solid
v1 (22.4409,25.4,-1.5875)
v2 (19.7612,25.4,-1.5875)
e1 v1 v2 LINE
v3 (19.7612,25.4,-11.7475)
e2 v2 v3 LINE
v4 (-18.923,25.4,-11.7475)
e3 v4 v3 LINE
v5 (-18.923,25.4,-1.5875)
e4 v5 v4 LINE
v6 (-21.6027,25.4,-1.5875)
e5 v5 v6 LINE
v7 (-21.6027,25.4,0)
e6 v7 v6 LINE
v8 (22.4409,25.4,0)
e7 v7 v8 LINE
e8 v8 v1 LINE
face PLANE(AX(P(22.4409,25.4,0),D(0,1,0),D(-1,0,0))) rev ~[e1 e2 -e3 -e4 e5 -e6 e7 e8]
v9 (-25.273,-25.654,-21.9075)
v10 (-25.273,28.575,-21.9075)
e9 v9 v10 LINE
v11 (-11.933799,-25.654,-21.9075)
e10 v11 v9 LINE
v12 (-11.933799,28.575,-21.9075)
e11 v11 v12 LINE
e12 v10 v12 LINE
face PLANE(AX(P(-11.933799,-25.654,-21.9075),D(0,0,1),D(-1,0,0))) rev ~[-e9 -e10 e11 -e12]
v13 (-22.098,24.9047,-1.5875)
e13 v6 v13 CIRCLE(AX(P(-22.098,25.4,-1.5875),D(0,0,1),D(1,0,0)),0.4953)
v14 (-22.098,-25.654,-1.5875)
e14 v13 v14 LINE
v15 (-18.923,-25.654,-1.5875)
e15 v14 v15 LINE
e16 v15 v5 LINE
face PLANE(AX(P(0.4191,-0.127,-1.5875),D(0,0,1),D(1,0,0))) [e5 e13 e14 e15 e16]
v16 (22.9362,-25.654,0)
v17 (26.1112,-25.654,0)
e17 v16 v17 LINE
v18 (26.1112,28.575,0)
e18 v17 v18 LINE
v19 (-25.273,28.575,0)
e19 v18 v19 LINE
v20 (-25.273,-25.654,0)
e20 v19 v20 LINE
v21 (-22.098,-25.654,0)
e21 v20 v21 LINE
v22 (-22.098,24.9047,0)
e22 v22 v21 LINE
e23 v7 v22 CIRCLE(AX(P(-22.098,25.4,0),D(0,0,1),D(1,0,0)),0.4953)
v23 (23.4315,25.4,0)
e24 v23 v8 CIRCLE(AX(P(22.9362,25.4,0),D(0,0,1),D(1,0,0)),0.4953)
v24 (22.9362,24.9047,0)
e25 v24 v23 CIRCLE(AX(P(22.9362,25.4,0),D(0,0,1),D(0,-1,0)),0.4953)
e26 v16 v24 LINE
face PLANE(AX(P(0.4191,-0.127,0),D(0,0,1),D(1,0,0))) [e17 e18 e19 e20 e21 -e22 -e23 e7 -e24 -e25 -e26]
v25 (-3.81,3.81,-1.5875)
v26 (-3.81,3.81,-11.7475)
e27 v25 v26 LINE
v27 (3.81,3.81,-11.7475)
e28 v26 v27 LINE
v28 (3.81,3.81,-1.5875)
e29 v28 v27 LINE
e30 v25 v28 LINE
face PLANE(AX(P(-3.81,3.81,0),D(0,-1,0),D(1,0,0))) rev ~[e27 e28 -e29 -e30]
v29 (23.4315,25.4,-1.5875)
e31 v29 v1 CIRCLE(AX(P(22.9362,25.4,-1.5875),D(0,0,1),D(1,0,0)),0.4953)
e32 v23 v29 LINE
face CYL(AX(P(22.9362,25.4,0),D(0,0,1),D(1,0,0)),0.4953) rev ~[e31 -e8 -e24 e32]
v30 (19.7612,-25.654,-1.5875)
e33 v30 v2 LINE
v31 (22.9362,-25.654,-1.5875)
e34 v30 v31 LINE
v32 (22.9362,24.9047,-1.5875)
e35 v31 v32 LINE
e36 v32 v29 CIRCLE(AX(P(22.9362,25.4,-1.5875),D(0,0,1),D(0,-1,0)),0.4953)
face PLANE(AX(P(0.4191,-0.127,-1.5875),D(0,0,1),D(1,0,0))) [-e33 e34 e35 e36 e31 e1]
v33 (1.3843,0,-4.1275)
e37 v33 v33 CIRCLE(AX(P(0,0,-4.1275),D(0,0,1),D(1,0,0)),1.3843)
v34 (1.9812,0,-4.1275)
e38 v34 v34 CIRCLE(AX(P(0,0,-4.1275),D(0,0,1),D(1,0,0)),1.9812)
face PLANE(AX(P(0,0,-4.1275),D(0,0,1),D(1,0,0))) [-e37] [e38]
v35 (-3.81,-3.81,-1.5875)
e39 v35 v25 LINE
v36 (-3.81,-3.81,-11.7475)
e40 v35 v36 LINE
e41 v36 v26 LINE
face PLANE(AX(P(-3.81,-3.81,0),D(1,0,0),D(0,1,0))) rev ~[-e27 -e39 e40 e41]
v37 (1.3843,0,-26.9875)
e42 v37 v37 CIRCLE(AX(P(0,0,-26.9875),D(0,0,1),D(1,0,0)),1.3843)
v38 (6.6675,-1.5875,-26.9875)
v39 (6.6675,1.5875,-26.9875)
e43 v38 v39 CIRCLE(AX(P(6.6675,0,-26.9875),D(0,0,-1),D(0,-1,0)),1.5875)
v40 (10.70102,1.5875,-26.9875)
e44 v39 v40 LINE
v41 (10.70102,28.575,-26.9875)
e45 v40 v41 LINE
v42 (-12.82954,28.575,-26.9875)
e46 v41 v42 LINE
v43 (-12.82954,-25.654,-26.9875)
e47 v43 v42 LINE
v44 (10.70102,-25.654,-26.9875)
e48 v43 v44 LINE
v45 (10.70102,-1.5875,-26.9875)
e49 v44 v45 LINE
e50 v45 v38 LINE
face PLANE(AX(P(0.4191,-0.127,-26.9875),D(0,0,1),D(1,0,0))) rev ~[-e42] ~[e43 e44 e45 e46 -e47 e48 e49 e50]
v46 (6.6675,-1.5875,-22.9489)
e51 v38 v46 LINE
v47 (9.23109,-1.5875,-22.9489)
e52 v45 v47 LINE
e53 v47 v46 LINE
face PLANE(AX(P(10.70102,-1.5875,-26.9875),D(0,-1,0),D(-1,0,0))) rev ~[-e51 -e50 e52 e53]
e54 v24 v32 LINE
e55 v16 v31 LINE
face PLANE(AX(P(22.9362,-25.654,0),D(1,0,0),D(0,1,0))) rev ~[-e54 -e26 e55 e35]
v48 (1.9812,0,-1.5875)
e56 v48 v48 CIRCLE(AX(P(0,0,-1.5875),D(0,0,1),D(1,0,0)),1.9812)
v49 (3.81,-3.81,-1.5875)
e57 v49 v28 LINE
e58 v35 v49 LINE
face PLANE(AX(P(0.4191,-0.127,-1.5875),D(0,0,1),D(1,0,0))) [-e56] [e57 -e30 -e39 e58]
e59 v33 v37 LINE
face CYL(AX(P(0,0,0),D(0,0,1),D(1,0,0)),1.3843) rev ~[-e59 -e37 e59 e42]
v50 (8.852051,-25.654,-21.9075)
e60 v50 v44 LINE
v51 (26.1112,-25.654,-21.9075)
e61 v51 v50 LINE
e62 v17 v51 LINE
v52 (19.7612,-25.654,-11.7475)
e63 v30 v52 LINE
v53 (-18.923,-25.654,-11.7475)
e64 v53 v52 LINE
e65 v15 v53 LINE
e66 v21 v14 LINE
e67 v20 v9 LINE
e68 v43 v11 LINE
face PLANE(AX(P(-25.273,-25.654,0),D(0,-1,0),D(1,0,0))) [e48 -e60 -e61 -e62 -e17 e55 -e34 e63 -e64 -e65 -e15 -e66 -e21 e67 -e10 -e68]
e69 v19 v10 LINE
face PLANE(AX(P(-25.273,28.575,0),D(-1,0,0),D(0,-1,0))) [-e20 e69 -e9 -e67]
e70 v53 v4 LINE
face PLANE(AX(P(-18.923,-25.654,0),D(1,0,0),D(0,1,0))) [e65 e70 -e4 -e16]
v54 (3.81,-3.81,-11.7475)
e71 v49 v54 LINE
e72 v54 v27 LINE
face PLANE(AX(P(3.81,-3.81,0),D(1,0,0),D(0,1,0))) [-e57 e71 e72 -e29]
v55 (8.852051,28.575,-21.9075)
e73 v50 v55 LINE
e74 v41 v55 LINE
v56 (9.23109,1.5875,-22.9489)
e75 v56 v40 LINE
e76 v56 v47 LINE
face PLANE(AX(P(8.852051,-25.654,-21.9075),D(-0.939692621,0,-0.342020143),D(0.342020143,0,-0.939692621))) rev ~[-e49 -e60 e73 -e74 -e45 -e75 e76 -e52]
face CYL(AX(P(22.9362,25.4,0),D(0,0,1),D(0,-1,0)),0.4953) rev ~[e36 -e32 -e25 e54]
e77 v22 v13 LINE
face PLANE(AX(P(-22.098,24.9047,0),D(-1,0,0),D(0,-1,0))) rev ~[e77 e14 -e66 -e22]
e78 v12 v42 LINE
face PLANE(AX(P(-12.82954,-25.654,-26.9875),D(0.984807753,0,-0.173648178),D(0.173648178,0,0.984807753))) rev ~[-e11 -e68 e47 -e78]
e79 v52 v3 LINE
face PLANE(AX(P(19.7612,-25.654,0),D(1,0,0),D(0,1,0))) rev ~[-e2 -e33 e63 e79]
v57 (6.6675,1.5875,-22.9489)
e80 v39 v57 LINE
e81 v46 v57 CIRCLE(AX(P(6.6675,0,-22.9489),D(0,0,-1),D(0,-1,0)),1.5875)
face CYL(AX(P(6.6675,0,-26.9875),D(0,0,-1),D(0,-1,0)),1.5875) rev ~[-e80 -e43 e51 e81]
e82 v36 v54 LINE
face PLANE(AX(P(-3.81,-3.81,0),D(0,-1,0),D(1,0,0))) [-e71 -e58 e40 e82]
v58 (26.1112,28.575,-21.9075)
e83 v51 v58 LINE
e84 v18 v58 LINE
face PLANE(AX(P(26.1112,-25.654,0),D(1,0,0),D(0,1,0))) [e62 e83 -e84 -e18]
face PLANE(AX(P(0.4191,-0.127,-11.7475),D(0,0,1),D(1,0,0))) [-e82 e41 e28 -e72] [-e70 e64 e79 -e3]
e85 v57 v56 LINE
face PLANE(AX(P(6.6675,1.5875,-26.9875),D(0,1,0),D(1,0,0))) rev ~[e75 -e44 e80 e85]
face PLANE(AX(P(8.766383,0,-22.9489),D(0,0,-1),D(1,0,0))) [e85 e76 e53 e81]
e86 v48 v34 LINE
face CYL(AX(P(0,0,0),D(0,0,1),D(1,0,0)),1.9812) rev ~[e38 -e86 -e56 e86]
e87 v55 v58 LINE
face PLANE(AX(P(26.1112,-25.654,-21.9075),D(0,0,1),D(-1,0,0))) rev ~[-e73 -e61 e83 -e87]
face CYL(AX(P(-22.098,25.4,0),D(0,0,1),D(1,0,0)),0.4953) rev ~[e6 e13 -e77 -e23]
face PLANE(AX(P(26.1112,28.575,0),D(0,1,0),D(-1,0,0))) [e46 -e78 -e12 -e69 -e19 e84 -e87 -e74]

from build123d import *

# Parameters (mm, degrees)
F0_W     = 38.6842
F0_H     = 51.054
F0_W_2   = 7.62
F0_H_2   = 7.62
F0_R     = 1.9812
F0_R_2   = 1.3843
F1_DEPTH = 26.9875
F2_DEPTH = 1.5875
F3_DEPTH = 11.7475
F4_DEPTH = 4.1275
F6_DEPTH = 54.23
F8_DEPTH = 4.0386


with BuildPart() as f1:
    # F0 (on Top) → F1 (new body)
    with BuildSketch(Plane.XY):
        with Locations((0.4191, -0.127)):
            Rectangle(F0_W, F0_H)
        Rectangle(F0_W_2, F0_H_2, mode=Mode.SUBTRACT)
        with BuildLine():
            Line((26.1112, 28.575), (-25.273, 28.575))
            Line((-25.273, 28.575), (-25.273, -25.654))
            Line((-25.273, -25.654), (-22.098, -25.654))
            Line((-22.098, -25.654), (-22.098, 24.9047))
            ThreePointArc((-22.098, 24.9047), (-22.4482299887, 25.7502299887), (-21.6027, 25.4))
            Line((-21.6027, 25.4), (-18.923, 25.4))
            Line((-18.923, 25.4), (19.7612, 25.4))
            Line((19.7612, 25.4), (22.4409, 25.4))
            ThreePointArc((22.4409, 25.4), (22.9362, 25.8953), (23.4315, 25.4))
            ThreePointArc((23.4315, 25.4), (23.2864299887, 25.0497700113), (22.9362, 24.9047))
            Line((22.9362, 24.9047), (22.9362, -25.654))
            Line((22.9362, -25.654), (26.1112, -25.654))
            Line((26.1112, -25.654), (26.1112, 28.575))
        make_face()
        with BuildLine():
            Line((-22.098, 24.9047), (-22.098, -25.654))
            Line((-22.098, -25.654), (-18.923, -25.654))
            Line((-18.923, -25.654), (-18.923, 25.4))
            Line((-18.923, 25.4), (-21.6027, 25.4))
            ThreePointArc((-21.6027, 25.4), (-21.7477700113, 25.0497700113), (-22.098, 24.9047))
        make_face()
        with BuildLine():
            Line((19.7612, -25.654), (22.9362, -25.654))
            Line((22.9362, -25.654), (22.9362, 24.9047))
            ThreePointArc((22.9362, 24.9047), (22.5859700113, 25.0497700113), (22.4409, 25.4))
            Line((22.4409, 25.4), (19.7612, 25.4))
            Line((19.7612, 25.4), (19.7612, -25.654))
        make_face()
        Rectangle(F0_W_2, F0_H_2)
        Circle(F0_R, mode=Mode.SUBTRACT)
        Circle(F0_R)
        Circle(F0_R_2, mode=Mode.SUBTRACT)
        with BuildLine():
            ThreePointArc((-21.6027, 25.4), (-22.4482299887, 25.7502299887), (-22.098, 24.9047))
            Line((-22.098, 24.9047), (-22.098, 25.4))
            Line((-22.098, 25.4), (-21.6027, 25.4))
        make_face()
        with BuildLine():
            Line((22.9362, 25.4), (22.9362, 24.9047))
            ThreePointArc((22.9362, 24.9047), (23.2864299887, 25.0497700113), (23.4315, 25.4))
            ThreePointArc((23.4315, 25.4), (22.9362, 25.8953), (22.4409, 25.4))
            Line((22.4409, 25.4), (22.9362, 25.4))
        make_face()
        with BuildLine():
            Line((-22.098, 25.4), (-22.098, 24.9047))
            ThreePointArc((-22.098, 24.9047), (-21.7477700113, 25.0497700113), (-21.6027, 25.4))
            Line((-21.6027, 25.4), (-22.098, 25.4))
        make_face()
        with BuildLine():
            ThreePointArc((22.4409, 25.4), (22.5859700113, 25.0497700113), (22.9362, 24.9047))
            Line((22.9362, 24.9047), (22.9362, 25.4))
            Line((22.9362, 25.4), (22.4409, 25.4))
        make_face()
    extrude(amount=-F1_DEPTH)

    # F0 (on Top) → F2 (cut)
    with BuildSketch(Plane.XY):
        with Locations((0.4191, -0.127)):
            Rectangle(F0_W, F0_H)
        Rectangle(F0_W_2, F0_H_2, mode=Mode.SUBTRACT)
        with BuildLine():
            Line((-22.098, 24.9047), (-22.098, -25.654))
            Line((-22.098, -25.654), (-18.923, -25.654))
            Line((-18.923, -25.654), (-18.923, 25.4))
            Line((-18.923, 25.4), (-21.6027, 25.4))
            ThreePointArc((-21.6027, 25.4), (-21.7477700113, 25.0497700113), (-22.098, 24.9047))
        make_face()
        with BuildLine():
            Line((19.7612, -25.654), (22.9362, -25.654))
            Line((22.9362, -25.654), (22.9362, 24.9047))
            ThreePointArc((22.9362, 24.9047), (22.5859700113, 25.0497700113), (22.4409, 25.4))
            Line((22.4409, 25.4), (19.7612, 25.4))
            Line((19.7612, 25.4), (19.7612, -25.654))
        make_face()
        Rectangle(F0_W_2, F0_H_2)
        Circle(F0_R, mode=Mode.SUBTRACT)
        Circle(F0_R)
        Circle(F0_R_2, mode=Mode.SUBTRACT)
        with BuildLine():
            Line((22.9362, 25.4), (22.9362, 24.9047))
            ThreePointArc((22.9362, 24.9047), (23.2864299887, 25.0497700113), (23.4315, 25.4))
            ThreePointArc((23.4315, 25.4), (22.9362, 25.8953), (22.4409, 25.4))
            Line((22.4409, 25.4), (22.9362, 25.4))
        make_face()
        with BuildLine():
            ThreePointArc((-21.6027, 25.4), (-22.4482299887, 25.7502299887), (-22.098, 24.9047))
            Line((-22.098, 24.9047), (-22.098, 25.4))
            Line((-22.098, 25.4), (-21.6027, 25.4))
        make_face()
        with BuildLine():
            ThreePointArc((22.4409, 25.4), (22.5859700113, 25.0497700113), (22.9362, 24.9047))
            Line((22.9362, 24.9047), (22.9362, 25.4))
            Line((22.9362, 25.4), (22.4409, 25.4))
        make_face()
        with BuildLine():
            Line((-22.098, 25.4), (-22.098, 24.9047))
            ThreePointArc((-22.098, 24.9047), (-21.7477700113, 25.0497700113), (-21.6027, 25.4))
            Line((-21.6027, 25.4), (-22.098, 25.4))
        make_face()
    extrude(amount=-F2_DEPTH, mode=Mode.SUBTRACT)

    # F0 (on Top) → F3 (cut)
    with BuildSketch(Plane.XY):
        with Locations((0.4191, -0.127)):
            Rectangle(F0_W, F0_H)
        Rectangle(F0_W_2, F0_H_2, mode=Mode.SUBTRACT)
    extrude(amount=-F3_DEPTH, mode=Mode.SUBTRACT)

    # F0 (on Top) → F4 (cut)
    with BuildSketch(Plane.XY):
        Circle(F0_R)
        Circle(F0_R_2, mode=Mode.SUBTRACT)
    extrude(amount=-F4_DEPTH, mode=Mode.SUBTRACT)

    # F5 (on face) → F6 (cut, through all)
    with BuildSketch(Plane.XZ.offset(25.654)):
        Polygon((-11.933798938, -21.9075), (-25.273, -21.9075), (-25.273, -26.9875), (-12.82954, -26.9875), align=None)
        Polygon((26.1112, -26.9875), (26.1112, -21.9075), (8.8520512099, -21.9075), (10.70102, -26.9875), align=None)
    extrude(amount=-F6_DEPTH, mode=Mode.SUBTRACT)

    # F7 (on face) → F8 (cut)
    with BuildSketch(Plane(origin=(0, 0, -26.9875), x_dir=(1, 0, 0), z_dir=(0, 0, -1))):
        with BuildLine():
            ThreePointArc((6.6675, 1.5875), (7.7900320151, 1.1225320151), (8.255, 0))
            ThreePointArc((8.255, 0), (7.7900320151, -1.1225320151), (6.6675, -1.5875))
            Line((6.6675, -1.5875), (10.70102, -1.5875))
            Line((10.70102, -1.5875), (10.70102, 1.5875))
            Line((10.70102, 1.5875), (6.6675, 1.5875))
        make_face()
        with BuildLine():
            ThreePointArc((6.6675, -1.5875), (7.7900320151, -1.1225320151), (8.255, 0))
            ThreePointArc((8.255, 0), (7.7900320151, 1.1225320151), (6.6675, 1.5875))
            ThreePointArc((6.6675, 1.5875), (5.08, 0), (6.6675, -1.5875))
        make_face()
    extrude(amount=-F8_DEPTH, mode=Mode.SUBTRACT)


solid = f1.part
